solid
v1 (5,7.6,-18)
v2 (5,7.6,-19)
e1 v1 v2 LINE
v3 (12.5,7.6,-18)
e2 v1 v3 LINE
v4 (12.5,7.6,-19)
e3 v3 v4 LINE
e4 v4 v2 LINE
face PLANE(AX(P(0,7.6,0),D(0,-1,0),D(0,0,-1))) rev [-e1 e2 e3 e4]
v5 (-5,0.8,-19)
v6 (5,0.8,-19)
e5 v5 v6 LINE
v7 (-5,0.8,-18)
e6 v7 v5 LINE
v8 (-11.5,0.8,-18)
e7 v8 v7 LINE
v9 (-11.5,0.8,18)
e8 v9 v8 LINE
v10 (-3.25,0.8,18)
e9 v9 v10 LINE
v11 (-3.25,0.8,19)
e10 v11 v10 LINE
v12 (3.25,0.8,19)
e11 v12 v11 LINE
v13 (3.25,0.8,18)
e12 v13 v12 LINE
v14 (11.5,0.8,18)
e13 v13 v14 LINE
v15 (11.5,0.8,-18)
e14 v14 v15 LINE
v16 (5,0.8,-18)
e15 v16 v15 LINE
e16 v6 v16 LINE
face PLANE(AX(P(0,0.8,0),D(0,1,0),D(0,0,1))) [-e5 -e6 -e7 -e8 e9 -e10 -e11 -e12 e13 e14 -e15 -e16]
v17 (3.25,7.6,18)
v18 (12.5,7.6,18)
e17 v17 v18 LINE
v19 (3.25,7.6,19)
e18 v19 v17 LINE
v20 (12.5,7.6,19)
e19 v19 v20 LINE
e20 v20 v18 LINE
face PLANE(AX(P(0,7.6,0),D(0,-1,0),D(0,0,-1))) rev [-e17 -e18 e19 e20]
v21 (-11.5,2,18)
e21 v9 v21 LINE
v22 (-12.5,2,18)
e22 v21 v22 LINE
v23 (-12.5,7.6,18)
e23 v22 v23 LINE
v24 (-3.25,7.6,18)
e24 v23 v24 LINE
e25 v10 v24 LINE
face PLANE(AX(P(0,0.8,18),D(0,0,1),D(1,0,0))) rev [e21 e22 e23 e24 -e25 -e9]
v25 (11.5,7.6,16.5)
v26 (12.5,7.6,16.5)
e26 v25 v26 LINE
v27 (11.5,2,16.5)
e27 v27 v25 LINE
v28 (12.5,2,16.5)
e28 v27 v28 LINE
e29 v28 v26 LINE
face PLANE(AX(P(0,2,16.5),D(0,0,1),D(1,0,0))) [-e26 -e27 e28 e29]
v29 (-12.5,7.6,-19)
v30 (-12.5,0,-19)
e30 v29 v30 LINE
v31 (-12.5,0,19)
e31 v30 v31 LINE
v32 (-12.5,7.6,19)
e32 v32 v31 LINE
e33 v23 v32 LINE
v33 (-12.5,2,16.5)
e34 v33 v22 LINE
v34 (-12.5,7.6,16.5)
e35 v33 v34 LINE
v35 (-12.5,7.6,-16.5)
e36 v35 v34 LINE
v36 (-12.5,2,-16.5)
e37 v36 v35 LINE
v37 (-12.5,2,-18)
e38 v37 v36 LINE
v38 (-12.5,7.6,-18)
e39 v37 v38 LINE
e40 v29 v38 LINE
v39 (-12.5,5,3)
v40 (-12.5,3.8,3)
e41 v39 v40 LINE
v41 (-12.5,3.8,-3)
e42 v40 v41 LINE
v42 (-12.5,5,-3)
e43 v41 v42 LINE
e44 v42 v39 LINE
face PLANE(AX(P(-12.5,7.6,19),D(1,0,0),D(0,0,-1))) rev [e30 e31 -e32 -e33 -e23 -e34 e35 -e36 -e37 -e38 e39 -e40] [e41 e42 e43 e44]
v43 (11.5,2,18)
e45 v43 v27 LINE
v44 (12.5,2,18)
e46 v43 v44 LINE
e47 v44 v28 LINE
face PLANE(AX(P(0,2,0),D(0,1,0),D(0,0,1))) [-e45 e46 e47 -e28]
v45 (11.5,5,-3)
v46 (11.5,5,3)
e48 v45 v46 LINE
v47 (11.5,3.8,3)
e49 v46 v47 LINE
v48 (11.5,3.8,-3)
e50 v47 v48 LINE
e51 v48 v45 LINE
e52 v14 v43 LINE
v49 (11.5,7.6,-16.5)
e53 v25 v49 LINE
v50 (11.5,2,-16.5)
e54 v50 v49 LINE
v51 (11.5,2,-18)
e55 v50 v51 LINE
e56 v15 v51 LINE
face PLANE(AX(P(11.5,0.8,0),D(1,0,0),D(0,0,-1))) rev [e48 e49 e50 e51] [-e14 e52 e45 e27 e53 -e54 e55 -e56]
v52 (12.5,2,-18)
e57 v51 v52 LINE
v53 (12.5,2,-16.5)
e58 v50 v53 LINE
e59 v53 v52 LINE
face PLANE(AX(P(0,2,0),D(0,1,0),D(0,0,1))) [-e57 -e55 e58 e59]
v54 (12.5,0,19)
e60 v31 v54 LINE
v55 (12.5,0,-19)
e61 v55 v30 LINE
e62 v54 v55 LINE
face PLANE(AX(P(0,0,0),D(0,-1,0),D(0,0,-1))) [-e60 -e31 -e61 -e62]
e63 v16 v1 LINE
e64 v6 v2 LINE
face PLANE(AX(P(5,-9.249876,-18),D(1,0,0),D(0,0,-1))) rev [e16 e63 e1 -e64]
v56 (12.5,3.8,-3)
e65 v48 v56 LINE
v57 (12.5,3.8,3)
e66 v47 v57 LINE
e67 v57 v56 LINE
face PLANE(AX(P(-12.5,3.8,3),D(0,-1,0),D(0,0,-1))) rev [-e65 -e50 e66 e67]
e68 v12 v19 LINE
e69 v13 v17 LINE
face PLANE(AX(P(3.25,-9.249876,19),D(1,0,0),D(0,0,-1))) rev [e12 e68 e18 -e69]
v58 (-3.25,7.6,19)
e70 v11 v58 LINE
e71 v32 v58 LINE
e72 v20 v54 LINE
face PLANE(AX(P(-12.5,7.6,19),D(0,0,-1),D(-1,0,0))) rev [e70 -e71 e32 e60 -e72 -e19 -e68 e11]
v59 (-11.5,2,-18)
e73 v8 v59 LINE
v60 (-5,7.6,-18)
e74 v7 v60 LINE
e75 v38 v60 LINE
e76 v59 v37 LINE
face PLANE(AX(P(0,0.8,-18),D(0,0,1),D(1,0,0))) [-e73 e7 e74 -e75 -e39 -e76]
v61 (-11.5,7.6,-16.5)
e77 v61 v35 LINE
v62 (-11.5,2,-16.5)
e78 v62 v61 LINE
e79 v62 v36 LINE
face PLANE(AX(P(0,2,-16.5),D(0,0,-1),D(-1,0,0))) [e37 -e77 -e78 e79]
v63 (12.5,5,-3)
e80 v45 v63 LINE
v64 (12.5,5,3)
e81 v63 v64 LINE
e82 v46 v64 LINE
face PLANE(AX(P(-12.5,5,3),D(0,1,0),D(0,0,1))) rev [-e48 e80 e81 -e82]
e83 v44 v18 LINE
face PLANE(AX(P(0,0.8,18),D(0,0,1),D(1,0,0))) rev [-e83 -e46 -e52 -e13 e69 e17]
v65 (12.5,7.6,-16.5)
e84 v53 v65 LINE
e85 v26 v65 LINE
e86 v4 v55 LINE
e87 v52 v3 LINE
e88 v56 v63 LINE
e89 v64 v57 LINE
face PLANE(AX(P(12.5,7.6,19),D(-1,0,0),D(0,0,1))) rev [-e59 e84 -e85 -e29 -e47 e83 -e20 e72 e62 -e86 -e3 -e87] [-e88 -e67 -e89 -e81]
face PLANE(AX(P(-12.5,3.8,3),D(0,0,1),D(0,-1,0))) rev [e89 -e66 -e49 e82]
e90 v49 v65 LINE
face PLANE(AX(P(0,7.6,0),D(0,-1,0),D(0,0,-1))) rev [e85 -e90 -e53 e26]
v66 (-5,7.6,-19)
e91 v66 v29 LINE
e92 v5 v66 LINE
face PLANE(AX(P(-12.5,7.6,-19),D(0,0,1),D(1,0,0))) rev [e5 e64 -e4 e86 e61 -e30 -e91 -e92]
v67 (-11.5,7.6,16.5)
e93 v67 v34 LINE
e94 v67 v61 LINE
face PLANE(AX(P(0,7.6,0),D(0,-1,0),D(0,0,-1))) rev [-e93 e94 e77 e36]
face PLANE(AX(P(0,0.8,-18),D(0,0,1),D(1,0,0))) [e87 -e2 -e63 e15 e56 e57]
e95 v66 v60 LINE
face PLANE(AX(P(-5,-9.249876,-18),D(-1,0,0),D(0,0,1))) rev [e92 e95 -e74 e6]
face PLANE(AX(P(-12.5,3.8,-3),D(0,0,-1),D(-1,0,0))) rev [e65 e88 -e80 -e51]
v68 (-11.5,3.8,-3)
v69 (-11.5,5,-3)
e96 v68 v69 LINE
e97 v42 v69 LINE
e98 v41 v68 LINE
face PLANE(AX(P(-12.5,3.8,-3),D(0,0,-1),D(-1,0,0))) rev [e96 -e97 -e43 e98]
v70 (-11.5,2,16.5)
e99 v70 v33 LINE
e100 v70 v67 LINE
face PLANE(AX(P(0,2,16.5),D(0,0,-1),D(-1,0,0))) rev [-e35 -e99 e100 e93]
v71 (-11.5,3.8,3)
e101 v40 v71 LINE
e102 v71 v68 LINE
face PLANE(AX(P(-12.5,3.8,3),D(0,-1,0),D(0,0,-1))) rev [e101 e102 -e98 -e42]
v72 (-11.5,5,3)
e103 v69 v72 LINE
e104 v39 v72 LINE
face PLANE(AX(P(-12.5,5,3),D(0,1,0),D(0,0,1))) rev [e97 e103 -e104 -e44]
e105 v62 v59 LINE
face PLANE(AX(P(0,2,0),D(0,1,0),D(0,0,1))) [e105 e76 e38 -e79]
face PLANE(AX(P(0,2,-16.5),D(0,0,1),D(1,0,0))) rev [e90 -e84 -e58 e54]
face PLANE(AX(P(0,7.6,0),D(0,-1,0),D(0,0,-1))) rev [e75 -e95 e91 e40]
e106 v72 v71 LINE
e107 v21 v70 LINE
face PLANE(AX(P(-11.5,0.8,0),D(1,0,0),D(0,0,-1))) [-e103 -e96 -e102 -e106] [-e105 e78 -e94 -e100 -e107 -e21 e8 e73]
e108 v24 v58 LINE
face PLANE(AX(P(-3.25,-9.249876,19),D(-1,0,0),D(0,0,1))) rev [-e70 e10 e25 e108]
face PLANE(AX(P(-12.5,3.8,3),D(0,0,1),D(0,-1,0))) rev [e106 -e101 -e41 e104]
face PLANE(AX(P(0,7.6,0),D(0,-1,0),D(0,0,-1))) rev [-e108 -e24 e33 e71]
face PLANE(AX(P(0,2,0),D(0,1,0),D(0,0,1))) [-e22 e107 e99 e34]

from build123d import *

# Parameters (mm, degrees)
SKETCH1_W               = 25
SKETCH1_H               = 38
BOSS_EXTRUDE1_DEPTH     = 7.6
SKETCH2_W               = 23
SKETCH2_H               = 36
CUT_EXTRUDE1_DEPTH      = 6.8
SKETCH2_3_W             = 1
SKETCH2_3_H             = 1.5
CUT_EXTRUDE2_DEPTH      = 5.6
CUT_EXTRUDE3_DEPTH      = 24.97936613
CUT_EXTRUDE3_DEPTH_BACK = 24.97936613
SKETCH3_W               = 6
SKETCH3_H               = 1.2
SKETCH4_W               = 6.5
SKETCH4_H               = 1
SKETCH4_W_2             = 10
CUT_EXTRUDE4_DEPTH      = 6.8


with BuildPart() as part:
    # Sketch1 → Boss-Extrude1 (new body)
    with BuildSketch(Plane(origin=(0, 0, 0), x_dir=(1, 0, 0), z_dir=(0, 1, 0))):
        Rectangle(SKETCH1_W, SKETCH1_H)
    extrude(amount=BOSS_EXTRUDE1_DEPTH)

    # Sketch2 → Cut-Extrude1 (cut)
    with BuildSketch(Plane(origin=(0, 7.6, 0), x_dir=(1, 0, 0), z_dir=(0, 1, 0))):
        Rectangle(SKETCH2_W, SKETCH2_H)
    extrude(amount=-CUT_EXTRUDE1_DEPTH, mode=Mode.SUBTRACT)

    # Sketch2<3> → Cut-Extrude2 (cut)
    with BuildSketch(Plane(origin=(0, 7.6, 0), x_dir=(1, 0, 0), z_dir=(0, 1, 0))):
        with Locations((-12, 17.25)):
            Rectangle(SKETCH2_3_W, SKETCH2_3_H)
        with Locations((12, 17.25)):
            Rectangle(SKETCH2_3_W, SKETCH2_3_H)
        with Locations((-12, -17.25)):
            Rectangle(SKETCH2_3_W, SKETCH2_3_H)
        with Locations((12, -17.25)):
            Rectangle(SKETCH2_3_W, SKETCH2_3_H)
    extrude(amount=-CUT_EXTRUDE2_DEPTH, mode=Mode.SUBTRACT)

    # Sketch3 → Cut-Extrude3 (cut, two sides: drawn at the far end of the back side and taken through both)
    with BuildSketch(Plane(origin=(0, 0, 0), x_dir=(0, 0, -1), z_dir=(1, 0, 0)).offset(-CUT_EXTRUDE3_DEPTH_BACK)):
        with Locations((0, 4.4)):
            Rectangle(SKETCH3_W, SKETCH3_H)
    extrude(amount=CUT_EXTRUDE3_DEPTH + CUT_EXTRUDE3_DEPTH_BACK, mode=Mode.SUBTRACT)

    # Sketch4 → Cut-Extrude4 (cut)
    with BuildSketch(Plane(origin=(0, 7.6, 0), x_dir=(1, 0, 0), z_dir=(0, 1, 0))):
        with Locations((0, -18.5)):
            Rectangle(SKETCH4_W, SKETCH4_H)
        with Locations((0, 18.5)):
            Rectangle(SKETCH4_W_2, SKETCH4_H)
    extrude(amount=-CUT_EXTRUDE4_DEPTH, mode=Mode.SUBTRACT)


solid = part.part
